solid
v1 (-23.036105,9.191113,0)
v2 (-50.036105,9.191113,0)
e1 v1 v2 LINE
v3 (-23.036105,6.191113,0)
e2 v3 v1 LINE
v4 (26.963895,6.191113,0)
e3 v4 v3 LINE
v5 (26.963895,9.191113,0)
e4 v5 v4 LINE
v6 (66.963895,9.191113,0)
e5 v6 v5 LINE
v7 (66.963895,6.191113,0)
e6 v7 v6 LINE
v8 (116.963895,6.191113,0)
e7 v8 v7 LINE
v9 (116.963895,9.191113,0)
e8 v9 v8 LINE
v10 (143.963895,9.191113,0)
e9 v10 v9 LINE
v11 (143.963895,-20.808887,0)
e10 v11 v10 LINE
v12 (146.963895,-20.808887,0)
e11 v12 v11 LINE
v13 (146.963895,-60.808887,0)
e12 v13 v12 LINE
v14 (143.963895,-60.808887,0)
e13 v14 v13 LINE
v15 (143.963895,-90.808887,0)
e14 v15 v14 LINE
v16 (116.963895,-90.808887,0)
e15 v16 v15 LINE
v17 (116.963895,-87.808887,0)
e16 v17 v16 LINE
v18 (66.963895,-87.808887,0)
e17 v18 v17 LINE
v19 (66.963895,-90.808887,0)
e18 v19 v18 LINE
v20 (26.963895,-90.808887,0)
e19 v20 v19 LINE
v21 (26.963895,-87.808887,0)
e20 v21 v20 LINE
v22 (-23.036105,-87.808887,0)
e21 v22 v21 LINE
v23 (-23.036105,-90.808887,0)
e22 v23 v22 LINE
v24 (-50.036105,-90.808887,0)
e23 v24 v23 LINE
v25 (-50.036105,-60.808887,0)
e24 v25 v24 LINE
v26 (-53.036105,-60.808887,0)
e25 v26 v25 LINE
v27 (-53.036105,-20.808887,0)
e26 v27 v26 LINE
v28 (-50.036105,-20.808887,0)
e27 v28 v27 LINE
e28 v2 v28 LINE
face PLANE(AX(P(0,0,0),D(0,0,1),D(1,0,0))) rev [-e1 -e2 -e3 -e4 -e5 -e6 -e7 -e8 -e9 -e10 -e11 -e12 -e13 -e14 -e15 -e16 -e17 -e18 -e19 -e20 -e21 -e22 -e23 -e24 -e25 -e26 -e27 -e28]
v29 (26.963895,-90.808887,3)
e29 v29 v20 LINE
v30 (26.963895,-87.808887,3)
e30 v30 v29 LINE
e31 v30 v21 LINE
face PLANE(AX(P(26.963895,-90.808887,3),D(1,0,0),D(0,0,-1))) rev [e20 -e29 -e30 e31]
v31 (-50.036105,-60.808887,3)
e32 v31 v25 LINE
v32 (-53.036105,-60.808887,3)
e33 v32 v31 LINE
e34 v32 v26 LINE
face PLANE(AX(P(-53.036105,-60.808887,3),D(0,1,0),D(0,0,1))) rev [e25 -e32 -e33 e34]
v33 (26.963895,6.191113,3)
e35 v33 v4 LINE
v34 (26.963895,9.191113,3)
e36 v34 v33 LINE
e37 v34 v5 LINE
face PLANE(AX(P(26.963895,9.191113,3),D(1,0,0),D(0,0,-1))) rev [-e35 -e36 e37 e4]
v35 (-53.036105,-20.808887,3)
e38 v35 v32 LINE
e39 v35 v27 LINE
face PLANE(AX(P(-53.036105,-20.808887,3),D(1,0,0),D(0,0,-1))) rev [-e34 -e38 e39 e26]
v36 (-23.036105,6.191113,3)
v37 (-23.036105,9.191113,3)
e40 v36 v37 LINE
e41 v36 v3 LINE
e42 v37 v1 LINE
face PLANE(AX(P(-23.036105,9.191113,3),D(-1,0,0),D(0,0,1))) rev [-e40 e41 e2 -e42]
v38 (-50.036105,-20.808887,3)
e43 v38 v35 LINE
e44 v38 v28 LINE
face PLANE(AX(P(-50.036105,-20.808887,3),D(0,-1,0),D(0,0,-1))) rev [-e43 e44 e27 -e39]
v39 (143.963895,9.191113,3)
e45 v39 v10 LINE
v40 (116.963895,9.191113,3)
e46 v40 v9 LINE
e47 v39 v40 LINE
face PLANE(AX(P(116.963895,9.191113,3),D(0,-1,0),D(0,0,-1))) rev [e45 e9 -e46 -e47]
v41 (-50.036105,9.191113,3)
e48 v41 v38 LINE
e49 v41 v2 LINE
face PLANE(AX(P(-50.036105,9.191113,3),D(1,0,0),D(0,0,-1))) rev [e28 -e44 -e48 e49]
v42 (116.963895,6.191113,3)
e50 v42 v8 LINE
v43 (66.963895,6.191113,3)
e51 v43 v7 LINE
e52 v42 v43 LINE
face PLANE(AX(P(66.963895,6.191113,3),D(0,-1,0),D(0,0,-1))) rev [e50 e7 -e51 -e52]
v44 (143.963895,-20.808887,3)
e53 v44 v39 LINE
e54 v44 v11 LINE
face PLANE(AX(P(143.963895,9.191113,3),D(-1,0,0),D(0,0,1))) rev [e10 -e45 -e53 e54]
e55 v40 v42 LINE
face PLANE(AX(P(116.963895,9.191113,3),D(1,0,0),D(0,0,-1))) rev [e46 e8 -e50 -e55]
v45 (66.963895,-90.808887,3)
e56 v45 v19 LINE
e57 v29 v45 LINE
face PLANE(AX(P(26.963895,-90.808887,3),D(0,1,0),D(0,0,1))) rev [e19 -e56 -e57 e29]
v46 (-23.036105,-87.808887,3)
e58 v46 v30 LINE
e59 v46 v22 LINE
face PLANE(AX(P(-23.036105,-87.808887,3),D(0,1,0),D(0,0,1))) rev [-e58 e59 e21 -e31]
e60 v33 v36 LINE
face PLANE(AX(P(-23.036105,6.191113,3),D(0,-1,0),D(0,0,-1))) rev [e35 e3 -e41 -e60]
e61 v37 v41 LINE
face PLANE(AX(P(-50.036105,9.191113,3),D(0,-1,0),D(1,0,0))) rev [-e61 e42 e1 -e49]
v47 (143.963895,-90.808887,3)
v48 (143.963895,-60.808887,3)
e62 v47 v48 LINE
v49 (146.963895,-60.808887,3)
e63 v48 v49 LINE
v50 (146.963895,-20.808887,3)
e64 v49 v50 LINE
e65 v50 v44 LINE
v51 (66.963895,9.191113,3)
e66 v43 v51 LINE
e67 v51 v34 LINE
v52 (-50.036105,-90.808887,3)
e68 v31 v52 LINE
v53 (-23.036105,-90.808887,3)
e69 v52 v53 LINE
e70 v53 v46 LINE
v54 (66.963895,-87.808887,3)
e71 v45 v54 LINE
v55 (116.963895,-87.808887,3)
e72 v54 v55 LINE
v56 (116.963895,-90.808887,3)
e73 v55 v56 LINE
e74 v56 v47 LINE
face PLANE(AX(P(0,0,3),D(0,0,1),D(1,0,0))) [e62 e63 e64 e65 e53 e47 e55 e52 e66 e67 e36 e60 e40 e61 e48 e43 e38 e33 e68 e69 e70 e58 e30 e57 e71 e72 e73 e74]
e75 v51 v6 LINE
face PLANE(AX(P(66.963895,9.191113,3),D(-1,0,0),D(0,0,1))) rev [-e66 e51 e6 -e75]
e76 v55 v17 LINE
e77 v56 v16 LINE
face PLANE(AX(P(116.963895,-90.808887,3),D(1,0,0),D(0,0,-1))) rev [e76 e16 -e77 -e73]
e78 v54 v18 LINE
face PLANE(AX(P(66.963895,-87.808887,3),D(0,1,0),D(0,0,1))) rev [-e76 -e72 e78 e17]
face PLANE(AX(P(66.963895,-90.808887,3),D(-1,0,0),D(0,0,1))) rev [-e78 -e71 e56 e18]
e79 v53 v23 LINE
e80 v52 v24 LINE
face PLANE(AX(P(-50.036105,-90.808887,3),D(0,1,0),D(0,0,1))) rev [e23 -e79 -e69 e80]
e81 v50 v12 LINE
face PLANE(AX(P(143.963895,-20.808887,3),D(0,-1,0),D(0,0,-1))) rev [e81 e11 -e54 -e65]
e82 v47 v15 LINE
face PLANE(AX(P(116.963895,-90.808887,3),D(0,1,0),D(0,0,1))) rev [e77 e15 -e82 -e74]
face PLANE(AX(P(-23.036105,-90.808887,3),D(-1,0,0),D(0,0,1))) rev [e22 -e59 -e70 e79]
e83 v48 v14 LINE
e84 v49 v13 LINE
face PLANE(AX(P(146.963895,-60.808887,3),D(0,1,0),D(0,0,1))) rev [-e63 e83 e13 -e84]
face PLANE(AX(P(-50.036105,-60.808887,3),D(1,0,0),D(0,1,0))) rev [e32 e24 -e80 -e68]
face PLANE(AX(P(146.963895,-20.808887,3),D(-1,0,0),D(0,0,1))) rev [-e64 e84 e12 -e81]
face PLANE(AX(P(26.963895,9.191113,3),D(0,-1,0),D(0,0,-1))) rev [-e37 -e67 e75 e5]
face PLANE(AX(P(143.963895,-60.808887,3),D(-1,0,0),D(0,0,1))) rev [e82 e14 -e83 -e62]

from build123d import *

# Parameters (mm, degrees)
BOSS_EXTRU_1_DEPTH = 3


with BuildPart() as part:
    # Esquisse2 → Boss.-Extru.1 (new body)
    with BuildSketch(Plane.XY):
        Polygon((26.963895135, 9.191113465), (66.963895135, 9.191113465), (66.963895135, 6.191113465), (116.963895135, 6.191113465), (116.963895135, 9.191113465), (143.963895135, 9.191113465), (143.963895135, -20.808886535), (146.963895135, -20.808886535), (146.963895135, -60.808886535), (143.963895135, -60.808886535), (143.963895135, -90.808886535), (116.963895135, -90.808886535), (116.963895135, -87.808886535), (66.963895135, -87.808886535), (66.963895135, -90.808886535), (26.963895135, -90.808886535), (26.963895135, -87.808886535), (-23.036104865, -87.808886535), (-23.036104865, -90.808886535), (-50.036104865, -90.808886535), (-50.036104865, -60.808886535), (-53.036104865, -60.808886535), (-53.036104865, -20.808886535), (-50.036104865, -20.808886535), (-50.036104865, 9.191113465), (-23.036104865, 9.191113465), (-23.036104865, 6.191113465), (26.963895135, 6.191113465), align=None)
    extrude(amount=BOSS_EXTRU_1_DEPTH)


solid = part.part
